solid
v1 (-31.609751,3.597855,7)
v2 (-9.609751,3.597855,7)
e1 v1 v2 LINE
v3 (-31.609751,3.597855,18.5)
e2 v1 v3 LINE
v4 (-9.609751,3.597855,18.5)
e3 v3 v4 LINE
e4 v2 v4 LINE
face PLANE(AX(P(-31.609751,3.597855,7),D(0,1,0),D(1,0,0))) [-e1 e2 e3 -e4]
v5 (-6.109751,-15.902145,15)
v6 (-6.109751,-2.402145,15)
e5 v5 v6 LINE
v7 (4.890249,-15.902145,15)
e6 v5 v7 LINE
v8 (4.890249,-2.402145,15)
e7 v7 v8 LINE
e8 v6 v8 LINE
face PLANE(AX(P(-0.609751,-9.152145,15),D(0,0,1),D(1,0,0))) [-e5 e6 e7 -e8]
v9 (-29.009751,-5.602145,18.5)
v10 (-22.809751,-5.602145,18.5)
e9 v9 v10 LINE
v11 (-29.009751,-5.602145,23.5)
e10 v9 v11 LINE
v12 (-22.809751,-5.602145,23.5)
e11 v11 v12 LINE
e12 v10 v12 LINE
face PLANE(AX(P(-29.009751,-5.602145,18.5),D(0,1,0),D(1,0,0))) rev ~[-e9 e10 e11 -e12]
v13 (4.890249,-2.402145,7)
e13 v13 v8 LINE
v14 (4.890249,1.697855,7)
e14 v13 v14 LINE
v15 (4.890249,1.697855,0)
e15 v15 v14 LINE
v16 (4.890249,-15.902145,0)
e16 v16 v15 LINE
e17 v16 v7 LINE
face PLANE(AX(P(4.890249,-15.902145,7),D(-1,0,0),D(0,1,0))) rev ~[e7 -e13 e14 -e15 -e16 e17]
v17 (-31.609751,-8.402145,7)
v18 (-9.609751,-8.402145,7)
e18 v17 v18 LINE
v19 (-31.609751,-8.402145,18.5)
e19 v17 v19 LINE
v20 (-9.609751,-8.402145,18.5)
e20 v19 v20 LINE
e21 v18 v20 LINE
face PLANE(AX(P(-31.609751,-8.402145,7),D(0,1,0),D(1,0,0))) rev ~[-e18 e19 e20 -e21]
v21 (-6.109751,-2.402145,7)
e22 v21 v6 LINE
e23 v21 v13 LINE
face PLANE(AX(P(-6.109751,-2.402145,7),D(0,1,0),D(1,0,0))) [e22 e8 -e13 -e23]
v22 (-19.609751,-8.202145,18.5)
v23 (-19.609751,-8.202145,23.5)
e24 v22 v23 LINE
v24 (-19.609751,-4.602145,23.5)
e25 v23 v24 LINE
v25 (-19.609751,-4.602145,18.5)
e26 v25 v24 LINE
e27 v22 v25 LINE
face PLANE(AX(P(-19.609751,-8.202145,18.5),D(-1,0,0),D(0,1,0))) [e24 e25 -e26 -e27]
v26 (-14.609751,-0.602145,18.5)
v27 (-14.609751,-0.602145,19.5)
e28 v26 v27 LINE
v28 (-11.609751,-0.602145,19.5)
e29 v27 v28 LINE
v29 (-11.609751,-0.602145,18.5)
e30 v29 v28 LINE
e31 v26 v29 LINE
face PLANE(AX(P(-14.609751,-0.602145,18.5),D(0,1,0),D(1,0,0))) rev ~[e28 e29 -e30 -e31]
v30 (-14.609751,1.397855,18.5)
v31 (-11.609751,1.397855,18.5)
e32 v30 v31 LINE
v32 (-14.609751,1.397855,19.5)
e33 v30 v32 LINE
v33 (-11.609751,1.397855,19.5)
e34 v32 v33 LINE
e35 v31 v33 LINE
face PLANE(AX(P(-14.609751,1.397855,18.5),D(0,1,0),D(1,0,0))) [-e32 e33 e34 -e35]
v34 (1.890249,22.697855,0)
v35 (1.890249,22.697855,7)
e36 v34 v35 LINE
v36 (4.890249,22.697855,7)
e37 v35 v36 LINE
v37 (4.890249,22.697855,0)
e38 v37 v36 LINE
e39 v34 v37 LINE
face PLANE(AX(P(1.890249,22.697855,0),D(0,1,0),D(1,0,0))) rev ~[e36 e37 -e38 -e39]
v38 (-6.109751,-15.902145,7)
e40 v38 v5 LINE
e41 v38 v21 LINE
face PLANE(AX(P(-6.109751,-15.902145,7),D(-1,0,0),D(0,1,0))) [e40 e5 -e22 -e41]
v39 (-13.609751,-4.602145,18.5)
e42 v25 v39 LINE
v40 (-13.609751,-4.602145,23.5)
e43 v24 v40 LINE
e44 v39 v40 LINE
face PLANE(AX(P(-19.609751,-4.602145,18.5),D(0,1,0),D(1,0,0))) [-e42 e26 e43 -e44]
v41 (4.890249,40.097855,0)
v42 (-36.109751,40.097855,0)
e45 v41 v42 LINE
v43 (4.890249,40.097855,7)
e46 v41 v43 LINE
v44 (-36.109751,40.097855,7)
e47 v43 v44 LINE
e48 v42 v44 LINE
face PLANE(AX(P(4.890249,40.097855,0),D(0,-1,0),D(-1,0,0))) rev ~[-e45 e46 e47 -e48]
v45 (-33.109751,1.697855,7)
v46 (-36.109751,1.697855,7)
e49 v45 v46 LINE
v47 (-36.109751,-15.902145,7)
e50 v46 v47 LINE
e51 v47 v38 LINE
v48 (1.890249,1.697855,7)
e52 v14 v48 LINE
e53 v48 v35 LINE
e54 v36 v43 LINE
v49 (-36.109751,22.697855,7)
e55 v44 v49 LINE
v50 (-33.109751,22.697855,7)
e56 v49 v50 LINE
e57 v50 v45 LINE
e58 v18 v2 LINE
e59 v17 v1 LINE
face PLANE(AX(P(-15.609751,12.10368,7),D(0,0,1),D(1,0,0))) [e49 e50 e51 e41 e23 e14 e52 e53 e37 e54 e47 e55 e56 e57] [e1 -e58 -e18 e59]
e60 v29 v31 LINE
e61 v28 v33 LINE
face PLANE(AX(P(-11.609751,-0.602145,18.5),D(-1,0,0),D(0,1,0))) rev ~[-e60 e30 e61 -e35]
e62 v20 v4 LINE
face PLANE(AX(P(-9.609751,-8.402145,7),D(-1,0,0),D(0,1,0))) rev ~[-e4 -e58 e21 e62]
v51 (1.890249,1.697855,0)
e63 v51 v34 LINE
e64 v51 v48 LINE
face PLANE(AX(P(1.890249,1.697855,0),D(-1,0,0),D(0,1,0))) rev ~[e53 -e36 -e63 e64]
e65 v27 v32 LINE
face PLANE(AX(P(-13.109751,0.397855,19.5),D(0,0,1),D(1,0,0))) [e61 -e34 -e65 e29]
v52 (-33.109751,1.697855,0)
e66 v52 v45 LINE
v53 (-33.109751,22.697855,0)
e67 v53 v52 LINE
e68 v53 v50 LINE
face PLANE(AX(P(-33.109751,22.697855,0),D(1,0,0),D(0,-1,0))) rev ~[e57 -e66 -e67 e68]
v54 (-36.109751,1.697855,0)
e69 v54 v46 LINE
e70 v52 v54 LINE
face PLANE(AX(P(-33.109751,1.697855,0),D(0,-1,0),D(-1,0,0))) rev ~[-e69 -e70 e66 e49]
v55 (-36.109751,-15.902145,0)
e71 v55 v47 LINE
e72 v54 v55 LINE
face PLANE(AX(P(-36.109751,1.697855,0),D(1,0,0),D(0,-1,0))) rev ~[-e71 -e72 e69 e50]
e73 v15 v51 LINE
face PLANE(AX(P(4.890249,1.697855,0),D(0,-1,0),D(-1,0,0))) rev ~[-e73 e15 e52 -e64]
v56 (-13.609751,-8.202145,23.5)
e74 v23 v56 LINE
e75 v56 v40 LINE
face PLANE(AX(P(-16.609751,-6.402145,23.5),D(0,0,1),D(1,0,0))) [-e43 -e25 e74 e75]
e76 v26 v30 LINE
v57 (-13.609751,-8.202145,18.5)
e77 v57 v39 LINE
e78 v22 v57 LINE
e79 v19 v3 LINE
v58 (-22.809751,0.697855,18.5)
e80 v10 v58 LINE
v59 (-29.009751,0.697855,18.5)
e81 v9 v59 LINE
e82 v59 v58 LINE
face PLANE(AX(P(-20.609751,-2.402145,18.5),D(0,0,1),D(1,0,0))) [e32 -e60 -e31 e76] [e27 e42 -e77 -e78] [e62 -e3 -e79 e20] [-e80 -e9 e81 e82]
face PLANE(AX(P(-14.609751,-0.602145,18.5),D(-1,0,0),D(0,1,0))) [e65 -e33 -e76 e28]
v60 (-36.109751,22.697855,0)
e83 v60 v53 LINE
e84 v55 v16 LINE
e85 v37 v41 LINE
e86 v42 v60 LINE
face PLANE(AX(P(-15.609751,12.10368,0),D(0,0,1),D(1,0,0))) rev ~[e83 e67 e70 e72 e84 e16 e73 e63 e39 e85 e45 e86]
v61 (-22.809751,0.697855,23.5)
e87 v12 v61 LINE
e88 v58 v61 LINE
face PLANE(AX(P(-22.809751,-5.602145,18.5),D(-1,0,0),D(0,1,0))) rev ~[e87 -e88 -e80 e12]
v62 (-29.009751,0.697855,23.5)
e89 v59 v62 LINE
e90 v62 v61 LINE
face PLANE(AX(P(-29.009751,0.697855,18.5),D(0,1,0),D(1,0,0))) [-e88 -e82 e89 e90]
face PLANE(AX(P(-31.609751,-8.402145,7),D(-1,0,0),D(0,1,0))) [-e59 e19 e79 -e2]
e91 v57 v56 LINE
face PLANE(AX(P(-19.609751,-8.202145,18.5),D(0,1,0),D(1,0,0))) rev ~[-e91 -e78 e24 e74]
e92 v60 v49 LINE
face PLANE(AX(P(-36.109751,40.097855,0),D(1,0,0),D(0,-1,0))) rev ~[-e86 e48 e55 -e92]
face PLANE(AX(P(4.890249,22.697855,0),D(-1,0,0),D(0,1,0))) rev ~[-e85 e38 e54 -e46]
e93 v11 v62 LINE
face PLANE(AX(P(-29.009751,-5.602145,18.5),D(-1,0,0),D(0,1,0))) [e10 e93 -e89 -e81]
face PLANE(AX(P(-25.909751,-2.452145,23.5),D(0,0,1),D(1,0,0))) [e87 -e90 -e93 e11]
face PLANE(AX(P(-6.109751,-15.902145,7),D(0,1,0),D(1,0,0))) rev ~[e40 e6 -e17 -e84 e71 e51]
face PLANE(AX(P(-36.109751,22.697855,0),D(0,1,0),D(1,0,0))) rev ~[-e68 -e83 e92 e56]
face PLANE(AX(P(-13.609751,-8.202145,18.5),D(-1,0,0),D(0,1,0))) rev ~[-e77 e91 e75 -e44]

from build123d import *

# Parameters (mm, degrees)
F1_DEPTH = 7
F2_W     = 11
F2_H     = 13.5
F3_DEPTH = 8
F4_W     = 22
F4_H     = 12
F5_DEPTH = 11.5
F6_W     = 3
F6_H     = 2
F7_DEPTH = 1
F6_W_2   = 6.2
F6_H_2   = 6.3
F6_W_3   = 6
F6_H_3   = 3.6
F8_DEPTH = 5


with BuildPart() as f1:
    # F0 (on Top) → F1 (new body)
    with BuildSketch(Plane.XY):
        Polygon((4.890249, 40.097855), (-36.109751, 40.097855), (-36.109751, 22.697855), (-33.109751, 22.697855), (-33.109751, 1.697855), (-36.109751, 1.697855), (-36.109751, -15.902145), (4.890249, -15.902145), (4.890249, 1.697855), (1.890249, 1.697855), (1.890249, 22.697855), (4.890249, 22.697855), align=None)
    extrude(amount=F1_DEPTH)

    # F2 (on face) → F3 (join)
    with BuildSketch(Plane.XY.offset(7)):
        with Locations((-0.609751, -9.152145)):
            Rectangle(F2_W, F2_H)
    extrude(amount=F3_DEPTH)

    # F4 (on face) → F5 (join)
    with BuildSketch(Plane.XY.offset(7)):
        with Locations((-20.609751, -2.402145)):
            Rectangle(F4_W, F4_H)
    extrude(amount=F5_DEPTH)

    # F6 (on face) → F7 (join)
    with BuildSketch(Plane.XY.offset(18.5)):
        with Locations((-13.109751, 0.397855)):
            Rectangle(F6_W, F6_H)
    extrude(amount=F7_DEPTH)

    # F6 (on face) → F8 (join)
    with BuildSketch(Plane.XY.offset(18.5)):
        with Locations((-25.909751, -2.452145)):
            Rectangle(F6_W_2, F6_H_2)
        with Locations((-16.609751, -6.402145)):
            Rectangle(F6_W_3, F6_H_3)
    extrude(amount=F8_DEPTH)


solid = f1.part
